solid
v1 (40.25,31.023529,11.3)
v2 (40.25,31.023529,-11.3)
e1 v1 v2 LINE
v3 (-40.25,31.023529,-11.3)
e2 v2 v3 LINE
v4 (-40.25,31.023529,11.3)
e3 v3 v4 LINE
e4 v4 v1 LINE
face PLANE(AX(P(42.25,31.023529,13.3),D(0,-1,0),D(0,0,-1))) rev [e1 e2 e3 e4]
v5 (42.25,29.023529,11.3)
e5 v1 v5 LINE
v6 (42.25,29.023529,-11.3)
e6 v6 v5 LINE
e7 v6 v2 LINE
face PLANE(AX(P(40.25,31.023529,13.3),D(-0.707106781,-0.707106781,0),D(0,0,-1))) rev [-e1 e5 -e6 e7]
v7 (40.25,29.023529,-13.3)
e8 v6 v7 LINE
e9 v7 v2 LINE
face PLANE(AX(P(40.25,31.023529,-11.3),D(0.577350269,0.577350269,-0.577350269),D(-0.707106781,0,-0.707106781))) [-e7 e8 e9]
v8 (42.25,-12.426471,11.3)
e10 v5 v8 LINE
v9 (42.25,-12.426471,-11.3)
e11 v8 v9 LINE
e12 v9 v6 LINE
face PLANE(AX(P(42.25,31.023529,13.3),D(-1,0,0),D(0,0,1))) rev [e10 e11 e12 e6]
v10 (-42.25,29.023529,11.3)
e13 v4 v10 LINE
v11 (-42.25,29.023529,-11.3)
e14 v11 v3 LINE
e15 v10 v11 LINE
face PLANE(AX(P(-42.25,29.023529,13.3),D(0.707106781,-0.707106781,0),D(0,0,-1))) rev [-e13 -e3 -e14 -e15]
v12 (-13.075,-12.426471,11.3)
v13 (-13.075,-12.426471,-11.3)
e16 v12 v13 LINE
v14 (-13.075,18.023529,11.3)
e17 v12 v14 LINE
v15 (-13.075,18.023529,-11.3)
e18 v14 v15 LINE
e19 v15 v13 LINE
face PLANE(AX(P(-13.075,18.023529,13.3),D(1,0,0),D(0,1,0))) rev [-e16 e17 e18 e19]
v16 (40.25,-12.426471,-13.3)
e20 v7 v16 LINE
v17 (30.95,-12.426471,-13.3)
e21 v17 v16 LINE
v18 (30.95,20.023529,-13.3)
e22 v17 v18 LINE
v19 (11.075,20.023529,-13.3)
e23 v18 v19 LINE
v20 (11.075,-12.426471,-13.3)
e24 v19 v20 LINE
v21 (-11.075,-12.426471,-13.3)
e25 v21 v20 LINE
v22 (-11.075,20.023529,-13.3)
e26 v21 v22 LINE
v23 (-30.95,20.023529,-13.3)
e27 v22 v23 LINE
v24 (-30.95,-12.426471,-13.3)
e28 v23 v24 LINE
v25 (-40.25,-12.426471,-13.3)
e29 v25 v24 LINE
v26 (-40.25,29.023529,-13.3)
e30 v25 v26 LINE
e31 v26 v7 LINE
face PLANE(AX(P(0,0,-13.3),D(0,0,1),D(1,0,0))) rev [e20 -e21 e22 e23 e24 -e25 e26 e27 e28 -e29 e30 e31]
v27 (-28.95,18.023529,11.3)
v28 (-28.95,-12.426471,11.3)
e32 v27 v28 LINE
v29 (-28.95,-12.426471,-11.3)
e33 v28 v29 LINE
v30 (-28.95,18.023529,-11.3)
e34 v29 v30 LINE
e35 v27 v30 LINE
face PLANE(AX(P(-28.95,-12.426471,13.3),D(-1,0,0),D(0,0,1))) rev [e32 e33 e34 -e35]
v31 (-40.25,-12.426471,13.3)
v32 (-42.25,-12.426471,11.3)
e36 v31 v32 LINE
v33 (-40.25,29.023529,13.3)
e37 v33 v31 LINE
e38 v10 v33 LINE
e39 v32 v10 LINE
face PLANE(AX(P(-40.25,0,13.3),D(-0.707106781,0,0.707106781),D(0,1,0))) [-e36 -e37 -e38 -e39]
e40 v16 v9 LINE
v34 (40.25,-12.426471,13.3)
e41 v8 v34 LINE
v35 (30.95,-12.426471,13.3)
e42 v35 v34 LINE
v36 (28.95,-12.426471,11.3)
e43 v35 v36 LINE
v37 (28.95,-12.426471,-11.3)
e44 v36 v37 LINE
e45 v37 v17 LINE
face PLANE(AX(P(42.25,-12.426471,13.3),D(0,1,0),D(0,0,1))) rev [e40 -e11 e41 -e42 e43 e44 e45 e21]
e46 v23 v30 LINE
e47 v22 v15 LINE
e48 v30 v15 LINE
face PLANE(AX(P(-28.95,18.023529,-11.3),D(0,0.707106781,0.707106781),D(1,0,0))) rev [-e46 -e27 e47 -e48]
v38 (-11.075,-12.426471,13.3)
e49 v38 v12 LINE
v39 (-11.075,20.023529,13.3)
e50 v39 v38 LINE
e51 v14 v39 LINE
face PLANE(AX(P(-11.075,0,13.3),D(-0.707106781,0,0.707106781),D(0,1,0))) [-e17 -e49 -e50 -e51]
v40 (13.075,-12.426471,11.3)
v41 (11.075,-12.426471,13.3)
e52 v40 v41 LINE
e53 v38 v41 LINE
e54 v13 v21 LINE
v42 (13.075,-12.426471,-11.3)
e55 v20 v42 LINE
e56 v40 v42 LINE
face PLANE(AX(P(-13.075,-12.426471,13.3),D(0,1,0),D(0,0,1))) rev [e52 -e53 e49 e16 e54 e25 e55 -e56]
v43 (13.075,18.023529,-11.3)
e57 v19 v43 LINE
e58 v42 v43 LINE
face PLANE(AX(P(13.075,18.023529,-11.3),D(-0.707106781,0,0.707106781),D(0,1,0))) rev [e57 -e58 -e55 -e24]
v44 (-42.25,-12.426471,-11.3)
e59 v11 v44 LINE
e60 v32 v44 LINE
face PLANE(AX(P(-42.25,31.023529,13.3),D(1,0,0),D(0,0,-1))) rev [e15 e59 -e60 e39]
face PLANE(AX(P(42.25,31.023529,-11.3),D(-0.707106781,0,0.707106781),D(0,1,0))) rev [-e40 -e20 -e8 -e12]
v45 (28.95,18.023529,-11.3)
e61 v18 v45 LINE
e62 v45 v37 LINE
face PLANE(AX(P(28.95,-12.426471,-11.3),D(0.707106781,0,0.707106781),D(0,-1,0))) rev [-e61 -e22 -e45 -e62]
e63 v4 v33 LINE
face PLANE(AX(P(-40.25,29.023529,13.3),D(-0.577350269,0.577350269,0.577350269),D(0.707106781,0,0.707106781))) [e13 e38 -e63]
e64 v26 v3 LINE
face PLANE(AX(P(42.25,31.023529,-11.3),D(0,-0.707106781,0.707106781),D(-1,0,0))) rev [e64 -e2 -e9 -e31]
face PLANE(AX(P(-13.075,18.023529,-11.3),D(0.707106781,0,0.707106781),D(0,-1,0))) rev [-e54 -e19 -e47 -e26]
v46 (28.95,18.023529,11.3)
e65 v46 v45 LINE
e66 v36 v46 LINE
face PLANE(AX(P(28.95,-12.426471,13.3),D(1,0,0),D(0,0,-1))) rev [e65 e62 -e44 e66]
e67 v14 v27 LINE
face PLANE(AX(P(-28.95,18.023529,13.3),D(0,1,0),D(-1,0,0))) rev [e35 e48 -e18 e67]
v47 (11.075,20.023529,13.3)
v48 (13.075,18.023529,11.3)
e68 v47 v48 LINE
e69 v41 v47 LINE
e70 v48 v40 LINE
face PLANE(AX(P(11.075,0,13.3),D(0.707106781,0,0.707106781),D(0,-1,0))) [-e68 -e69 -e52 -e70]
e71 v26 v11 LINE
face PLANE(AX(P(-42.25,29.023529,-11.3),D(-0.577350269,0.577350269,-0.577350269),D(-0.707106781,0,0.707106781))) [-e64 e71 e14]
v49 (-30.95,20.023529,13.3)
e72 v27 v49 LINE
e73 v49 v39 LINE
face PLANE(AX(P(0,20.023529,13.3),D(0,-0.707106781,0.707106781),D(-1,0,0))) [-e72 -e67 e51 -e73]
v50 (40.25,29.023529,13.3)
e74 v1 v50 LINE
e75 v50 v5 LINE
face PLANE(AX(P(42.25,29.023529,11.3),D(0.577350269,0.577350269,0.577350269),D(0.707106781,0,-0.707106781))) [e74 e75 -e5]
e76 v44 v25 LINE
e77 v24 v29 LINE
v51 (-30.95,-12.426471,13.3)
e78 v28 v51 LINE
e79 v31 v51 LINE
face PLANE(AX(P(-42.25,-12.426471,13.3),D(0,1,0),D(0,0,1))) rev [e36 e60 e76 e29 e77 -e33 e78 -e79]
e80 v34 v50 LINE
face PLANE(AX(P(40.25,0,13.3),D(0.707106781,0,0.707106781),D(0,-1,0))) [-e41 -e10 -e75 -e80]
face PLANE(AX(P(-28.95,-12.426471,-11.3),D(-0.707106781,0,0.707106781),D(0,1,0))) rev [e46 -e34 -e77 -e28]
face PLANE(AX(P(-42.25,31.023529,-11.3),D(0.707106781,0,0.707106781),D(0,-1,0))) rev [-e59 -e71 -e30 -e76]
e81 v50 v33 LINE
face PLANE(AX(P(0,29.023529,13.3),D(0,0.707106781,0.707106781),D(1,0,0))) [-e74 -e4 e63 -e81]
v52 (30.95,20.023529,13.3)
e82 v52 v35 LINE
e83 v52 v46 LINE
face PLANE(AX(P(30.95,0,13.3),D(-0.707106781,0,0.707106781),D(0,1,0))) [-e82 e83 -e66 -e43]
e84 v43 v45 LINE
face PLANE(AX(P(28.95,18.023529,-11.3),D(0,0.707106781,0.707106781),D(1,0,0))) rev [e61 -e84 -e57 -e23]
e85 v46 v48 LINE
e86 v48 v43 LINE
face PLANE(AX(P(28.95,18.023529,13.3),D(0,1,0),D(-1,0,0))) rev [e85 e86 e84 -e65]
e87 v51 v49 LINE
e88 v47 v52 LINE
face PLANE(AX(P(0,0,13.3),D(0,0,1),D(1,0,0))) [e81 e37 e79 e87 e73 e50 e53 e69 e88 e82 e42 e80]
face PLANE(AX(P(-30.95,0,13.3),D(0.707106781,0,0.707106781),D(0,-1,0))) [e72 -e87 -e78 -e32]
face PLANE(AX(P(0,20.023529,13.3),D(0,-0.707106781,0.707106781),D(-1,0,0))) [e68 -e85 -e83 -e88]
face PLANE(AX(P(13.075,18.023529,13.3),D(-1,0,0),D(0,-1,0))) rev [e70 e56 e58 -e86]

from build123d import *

# Parameters (mm, degrees)
BOSS_EXTRUDE1_DEPTH = 13.3
CHAMFER1_SIZE       = 2


with BuildPart() as part:
    # Sketch1 → Boss-Extrude1 (new, symmetric)
    with BuildSketch(Plane.XY):
        Polygon((42.25, 31.023529412), (-42.25, 31.023529412), (-42.25, -12.426470588), (-28.95, -12.426470588), (-28.95, 18.023529412), (-13.075, 18.023529412), (-13.075, -12.426470588), (13.075, -12.426470588), (13.075, 18.023529412), (28.95, 18.023529412), (28.95, -12.426470588), (42.25, -12.426470588), align=None)
    extrude(amount=BOSS_EXTRUDE1_DEPTH, both=True)

    # Chamfer1
    chamfer1_edges = [part.edges().sort_by_distance(p)[0] for p in [
        (13.075, 2.798529412, -13.3),
        (-13.075, 2.798529412, -13.3),
        (-21.0125, 18.023529412, -13.3),
        (-28.95, 2.798529412, -13.3),
        (-42.25, 9.298529412, -13.3),
        (0, 31.023529412, -13.3),
        (42.25, 9.298529412, -13.3),
        (28.95, 2.798529412, -13.3),
        (21.0125, 18.023529412, -13.3),
        (42.25, 9.298529412, 13.3),
        (0, 31.023529412, 13.3),
        (-42.25, 31.023529412, 0),
        (42.25, 31.023529412, 0),
        (-42.25, 9.298529412, 13.3),
        (-28.95, 2.798529412, 13.3),
        (-21.0125, 18.023529412, 13.3),
        (-13.075, 2.798529412, 13.3),
        (13.075, 2.798529412, 13.3),
        (21.0125, 18.023529412, 13.3),
        (28.95, 2.798529412, 13.3),
    ]]
    chamfer(chamfer1_edges, length=CHAMFER1_SIZE)


solid = part.part
